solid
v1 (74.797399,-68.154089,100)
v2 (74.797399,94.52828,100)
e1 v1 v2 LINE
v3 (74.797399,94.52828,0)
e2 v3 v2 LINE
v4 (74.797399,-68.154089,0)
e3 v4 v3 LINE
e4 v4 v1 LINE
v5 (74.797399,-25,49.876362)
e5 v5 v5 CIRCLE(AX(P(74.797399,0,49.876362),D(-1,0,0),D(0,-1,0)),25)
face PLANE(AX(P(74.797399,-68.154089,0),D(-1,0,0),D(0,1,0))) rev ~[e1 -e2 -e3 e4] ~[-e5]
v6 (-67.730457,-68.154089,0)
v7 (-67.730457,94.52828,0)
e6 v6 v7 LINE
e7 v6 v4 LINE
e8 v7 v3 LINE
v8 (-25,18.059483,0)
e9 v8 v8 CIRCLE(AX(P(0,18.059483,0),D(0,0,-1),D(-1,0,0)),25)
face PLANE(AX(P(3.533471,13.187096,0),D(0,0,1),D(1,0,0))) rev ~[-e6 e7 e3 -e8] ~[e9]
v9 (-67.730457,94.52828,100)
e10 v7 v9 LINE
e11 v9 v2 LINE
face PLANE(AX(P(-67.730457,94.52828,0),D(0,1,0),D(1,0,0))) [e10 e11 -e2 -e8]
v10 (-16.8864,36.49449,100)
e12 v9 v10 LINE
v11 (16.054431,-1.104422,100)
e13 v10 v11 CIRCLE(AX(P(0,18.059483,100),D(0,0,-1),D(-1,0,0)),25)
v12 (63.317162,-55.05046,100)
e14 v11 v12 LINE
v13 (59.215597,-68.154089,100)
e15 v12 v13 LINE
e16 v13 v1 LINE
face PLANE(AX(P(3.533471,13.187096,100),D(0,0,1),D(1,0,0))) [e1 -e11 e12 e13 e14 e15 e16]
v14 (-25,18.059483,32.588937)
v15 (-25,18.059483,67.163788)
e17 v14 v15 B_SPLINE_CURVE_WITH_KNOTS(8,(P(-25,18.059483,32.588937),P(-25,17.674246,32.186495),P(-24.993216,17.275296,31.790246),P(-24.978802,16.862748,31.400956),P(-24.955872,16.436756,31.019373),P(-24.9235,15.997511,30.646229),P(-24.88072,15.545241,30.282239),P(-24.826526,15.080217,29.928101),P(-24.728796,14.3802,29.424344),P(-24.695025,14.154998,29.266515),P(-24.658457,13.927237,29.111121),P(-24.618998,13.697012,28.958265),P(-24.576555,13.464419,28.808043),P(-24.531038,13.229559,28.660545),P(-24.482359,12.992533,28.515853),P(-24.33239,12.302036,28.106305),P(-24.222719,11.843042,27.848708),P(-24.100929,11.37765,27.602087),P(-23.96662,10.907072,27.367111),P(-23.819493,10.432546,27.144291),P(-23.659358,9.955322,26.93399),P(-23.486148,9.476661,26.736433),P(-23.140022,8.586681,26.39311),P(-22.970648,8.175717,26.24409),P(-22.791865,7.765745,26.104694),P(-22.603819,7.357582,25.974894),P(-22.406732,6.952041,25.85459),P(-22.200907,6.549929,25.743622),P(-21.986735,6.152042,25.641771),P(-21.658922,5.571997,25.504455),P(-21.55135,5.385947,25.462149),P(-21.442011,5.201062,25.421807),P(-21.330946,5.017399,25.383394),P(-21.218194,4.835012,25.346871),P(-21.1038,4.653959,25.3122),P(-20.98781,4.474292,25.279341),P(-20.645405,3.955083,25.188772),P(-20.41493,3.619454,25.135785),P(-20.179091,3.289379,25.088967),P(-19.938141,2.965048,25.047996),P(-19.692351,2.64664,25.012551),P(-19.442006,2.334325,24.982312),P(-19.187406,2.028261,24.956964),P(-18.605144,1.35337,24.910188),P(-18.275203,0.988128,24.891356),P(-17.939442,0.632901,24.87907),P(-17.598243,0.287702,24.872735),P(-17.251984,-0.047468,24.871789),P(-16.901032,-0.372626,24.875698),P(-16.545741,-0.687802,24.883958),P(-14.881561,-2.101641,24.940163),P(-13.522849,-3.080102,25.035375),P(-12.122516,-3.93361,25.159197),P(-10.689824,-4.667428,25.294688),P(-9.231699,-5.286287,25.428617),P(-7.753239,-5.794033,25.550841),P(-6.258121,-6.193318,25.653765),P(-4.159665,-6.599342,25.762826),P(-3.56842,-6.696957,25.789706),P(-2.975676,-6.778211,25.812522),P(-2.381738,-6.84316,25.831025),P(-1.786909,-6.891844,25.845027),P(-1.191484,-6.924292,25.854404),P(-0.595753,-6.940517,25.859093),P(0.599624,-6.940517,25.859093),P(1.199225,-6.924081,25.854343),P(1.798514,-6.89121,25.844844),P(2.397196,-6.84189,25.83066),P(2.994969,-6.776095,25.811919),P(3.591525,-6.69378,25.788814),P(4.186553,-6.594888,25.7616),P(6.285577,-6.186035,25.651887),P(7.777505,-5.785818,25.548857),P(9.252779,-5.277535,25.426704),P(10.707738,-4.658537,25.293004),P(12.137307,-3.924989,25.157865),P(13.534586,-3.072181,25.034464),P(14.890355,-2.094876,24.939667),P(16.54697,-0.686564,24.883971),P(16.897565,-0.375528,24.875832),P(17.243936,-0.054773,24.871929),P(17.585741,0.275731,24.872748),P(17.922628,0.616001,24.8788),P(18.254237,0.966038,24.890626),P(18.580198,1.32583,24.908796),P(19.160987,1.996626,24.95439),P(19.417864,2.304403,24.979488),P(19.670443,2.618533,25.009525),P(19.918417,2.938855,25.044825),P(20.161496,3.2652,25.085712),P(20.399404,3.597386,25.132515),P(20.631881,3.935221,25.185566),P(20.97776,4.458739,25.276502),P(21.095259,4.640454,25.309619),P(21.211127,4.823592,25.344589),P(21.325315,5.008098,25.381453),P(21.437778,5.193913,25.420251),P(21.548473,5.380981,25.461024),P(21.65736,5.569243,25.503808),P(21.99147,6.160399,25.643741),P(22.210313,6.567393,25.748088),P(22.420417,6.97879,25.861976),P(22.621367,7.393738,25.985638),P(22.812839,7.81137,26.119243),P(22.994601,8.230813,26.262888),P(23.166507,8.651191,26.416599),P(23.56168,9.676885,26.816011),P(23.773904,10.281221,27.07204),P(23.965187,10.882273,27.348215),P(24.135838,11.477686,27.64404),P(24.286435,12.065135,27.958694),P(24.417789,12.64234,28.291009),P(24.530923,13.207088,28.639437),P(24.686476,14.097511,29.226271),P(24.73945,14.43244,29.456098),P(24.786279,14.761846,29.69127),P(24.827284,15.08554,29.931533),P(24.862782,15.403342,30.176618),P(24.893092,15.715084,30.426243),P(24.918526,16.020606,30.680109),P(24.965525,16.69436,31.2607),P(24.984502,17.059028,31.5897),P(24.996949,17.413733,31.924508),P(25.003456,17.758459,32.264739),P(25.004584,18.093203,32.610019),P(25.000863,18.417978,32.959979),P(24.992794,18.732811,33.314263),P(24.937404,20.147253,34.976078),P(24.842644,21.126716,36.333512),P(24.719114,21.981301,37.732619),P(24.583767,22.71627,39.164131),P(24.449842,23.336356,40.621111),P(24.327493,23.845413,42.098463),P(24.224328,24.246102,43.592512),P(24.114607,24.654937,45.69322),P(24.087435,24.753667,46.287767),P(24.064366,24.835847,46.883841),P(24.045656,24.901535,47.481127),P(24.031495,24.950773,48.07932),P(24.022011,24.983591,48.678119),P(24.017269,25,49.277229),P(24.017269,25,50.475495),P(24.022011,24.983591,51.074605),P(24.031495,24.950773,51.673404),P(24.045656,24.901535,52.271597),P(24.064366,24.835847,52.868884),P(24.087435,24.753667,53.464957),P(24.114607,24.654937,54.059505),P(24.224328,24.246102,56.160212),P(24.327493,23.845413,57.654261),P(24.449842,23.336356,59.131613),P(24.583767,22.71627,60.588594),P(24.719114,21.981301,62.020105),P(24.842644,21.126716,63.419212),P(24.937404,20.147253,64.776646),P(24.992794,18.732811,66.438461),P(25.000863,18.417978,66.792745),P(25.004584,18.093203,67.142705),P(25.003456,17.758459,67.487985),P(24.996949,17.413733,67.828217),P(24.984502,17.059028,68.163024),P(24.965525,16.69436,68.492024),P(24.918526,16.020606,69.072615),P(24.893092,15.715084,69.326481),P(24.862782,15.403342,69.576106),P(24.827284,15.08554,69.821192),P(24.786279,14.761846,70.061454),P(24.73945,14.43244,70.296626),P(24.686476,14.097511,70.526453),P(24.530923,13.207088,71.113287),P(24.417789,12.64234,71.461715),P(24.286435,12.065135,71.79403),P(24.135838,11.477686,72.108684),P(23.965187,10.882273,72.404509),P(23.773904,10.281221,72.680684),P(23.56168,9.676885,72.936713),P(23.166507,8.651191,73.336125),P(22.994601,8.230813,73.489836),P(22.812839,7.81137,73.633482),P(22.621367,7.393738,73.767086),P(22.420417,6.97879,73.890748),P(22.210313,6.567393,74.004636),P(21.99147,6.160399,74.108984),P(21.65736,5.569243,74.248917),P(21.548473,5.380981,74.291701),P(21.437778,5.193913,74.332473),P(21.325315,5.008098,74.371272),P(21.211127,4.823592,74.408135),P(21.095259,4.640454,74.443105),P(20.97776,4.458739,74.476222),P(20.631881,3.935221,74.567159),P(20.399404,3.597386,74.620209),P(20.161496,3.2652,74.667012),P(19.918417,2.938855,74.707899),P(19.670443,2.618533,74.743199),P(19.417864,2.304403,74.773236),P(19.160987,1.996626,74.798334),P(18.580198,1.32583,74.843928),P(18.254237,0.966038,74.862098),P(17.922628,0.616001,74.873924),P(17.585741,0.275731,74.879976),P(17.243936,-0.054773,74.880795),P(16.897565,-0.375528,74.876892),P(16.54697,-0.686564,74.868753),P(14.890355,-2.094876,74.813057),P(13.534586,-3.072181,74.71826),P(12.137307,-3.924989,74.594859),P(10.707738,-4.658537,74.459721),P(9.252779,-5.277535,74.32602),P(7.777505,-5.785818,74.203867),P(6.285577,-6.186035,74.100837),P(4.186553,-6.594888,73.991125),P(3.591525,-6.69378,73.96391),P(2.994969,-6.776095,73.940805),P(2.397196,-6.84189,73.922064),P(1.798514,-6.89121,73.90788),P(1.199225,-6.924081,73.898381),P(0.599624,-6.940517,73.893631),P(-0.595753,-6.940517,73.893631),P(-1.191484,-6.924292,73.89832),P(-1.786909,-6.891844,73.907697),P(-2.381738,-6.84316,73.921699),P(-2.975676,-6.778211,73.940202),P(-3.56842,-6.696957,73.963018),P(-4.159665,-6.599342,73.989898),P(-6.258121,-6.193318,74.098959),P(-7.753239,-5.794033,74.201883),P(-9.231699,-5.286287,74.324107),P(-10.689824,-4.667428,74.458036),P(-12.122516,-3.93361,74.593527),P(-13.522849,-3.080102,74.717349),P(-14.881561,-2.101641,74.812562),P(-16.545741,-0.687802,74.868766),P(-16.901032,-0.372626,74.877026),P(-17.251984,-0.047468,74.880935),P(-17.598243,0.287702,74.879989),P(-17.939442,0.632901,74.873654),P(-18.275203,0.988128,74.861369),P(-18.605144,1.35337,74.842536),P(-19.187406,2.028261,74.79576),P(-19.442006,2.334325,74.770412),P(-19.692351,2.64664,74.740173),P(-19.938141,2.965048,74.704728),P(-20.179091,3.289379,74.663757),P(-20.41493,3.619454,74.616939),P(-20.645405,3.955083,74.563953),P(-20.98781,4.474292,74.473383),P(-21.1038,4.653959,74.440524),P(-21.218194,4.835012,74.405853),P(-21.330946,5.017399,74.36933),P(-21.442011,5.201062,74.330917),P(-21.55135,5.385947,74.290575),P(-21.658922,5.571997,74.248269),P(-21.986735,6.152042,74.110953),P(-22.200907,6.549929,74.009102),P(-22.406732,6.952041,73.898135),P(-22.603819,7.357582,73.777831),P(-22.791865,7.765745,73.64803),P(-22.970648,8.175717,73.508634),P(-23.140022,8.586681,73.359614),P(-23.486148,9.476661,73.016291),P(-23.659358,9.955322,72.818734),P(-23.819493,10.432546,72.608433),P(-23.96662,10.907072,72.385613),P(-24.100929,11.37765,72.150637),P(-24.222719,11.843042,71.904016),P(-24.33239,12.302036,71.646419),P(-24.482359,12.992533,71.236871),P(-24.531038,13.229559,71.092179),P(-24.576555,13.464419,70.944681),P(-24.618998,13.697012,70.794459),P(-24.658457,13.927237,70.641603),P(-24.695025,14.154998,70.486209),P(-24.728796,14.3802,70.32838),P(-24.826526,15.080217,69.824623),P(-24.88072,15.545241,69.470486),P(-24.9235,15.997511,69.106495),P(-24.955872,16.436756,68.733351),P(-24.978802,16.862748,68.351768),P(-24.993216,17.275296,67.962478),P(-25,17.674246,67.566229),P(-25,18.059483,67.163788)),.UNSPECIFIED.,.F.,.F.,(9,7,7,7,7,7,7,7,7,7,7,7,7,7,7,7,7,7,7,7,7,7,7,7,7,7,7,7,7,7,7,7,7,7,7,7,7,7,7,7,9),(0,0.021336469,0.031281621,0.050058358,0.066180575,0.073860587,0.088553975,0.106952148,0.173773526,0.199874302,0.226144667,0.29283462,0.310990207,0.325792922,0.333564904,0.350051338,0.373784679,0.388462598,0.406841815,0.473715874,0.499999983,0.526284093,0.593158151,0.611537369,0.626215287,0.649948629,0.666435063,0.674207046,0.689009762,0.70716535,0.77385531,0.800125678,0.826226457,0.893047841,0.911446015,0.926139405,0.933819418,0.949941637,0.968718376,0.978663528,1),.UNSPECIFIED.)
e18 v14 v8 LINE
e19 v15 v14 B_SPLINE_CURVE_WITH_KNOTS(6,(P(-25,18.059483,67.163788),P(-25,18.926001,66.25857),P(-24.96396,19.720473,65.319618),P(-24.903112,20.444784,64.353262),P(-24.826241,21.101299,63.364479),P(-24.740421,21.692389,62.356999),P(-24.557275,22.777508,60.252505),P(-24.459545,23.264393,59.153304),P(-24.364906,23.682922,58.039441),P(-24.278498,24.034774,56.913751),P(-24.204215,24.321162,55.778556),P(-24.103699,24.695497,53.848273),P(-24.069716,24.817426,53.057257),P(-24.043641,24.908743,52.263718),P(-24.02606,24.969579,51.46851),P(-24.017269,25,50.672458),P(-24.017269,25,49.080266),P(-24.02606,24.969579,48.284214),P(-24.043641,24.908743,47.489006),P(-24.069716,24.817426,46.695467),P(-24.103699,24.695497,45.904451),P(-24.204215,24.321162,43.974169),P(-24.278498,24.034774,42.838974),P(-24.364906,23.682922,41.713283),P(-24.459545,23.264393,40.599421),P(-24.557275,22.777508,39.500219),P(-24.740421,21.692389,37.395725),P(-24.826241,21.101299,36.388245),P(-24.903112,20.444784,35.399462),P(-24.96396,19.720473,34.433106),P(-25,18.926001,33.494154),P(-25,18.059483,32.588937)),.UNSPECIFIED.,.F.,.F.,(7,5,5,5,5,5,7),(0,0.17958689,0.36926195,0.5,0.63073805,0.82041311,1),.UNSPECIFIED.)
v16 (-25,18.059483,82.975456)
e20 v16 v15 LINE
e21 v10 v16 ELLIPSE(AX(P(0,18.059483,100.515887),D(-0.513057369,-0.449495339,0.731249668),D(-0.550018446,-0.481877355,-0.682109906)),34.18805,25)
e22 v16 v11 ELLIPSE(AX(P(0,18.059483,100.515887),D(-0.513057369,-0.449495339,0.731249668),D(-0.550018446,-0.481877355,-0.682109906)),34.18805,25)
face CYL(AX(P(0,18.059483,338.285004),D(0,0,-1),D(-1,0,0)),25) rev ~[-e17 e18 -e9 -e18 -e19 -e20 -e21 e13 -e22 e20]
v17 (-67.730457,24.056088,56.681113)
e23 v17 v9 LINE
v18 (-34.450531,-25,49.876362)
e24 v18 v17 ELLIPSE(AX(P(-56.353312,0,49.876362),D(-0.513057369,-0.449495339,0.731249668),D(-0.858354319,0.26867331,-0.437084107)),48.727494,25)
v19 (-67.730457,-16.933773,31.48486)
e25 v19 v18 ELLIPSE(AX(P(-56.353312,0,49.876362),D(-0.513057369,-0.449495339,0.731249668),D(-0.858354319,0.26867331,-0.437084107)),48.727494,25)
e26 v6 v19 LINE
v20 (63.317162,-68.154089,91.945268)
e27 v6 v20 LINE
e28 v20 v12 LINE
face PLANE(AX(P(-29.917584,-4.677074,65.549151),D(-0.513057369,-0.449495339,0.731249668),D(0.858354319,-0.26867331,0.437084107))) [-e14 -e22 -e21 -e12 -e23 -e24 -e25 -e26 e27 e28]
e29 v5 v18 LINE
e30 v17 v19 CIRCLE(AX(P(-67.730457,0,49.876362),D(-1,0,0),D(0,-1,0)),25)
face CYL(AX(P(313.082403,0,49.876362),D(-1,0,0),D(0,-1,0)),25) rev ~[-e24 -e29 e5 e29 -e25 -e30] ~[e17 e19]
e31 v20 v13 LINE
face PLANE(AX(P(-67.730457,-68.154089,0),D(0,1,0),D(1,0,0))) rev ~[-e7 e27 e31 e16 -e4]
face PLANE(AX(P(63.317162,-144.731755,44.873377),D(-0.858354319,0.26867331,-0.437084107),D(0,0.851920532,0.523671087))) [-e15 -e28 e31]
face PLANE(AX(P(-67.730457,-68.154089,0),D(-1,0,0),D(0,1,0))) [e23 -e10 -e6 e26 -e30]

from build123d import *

# Parameters (mm, degrees)
F0_W     = 142.5278559327
F0_H     = 162.6823693514
F1_DEPTH = 100
F3_D     = 50
F5_D     = 50
F7_W     = 217.2406986356
F7_H     = 260.2855265141
F8_DEPTH = 100


with BuildPart() as f1:
    # F0 (on Top) → F1 (new body)
    with BuildSketch(Plane.XY):
        with Locations((3.5334713757, 13.1870955229)):
            Rectangle(F0_W, F0_H)
    extrude(amount=F1_DEPTH)

    # F3 (through all)
    with Locations(Plane.XY.offset(100)):
        with Locations((0, 18.059482798)):
            Hole(F3_D / 2)

    # F5 (through all)
    with Locations(Plane.YZ.offset(74.7973993421)):
        with Locations((0, 49.8763620853)):
            Hole(F5_D / 2)

    # F7 (on 3pt) → F8 (cut)
    with BuildSketch(Plane(origin=(-33.5460278912, -29.390052834, 47.8124343039), x_dir=(0.8583543186, -0.2686733101, 0.4370841066), z_dir=(-0.5130573689, -0.449495339, 0.7312496676))):
        with Locations((4.2272098362, 30.3416997194)):
            Rectangle(F7_W, F7_H)
    extrude(amount=F8_DEPTH, mode=Mode.SUBTRACT)


solid = f1.part
